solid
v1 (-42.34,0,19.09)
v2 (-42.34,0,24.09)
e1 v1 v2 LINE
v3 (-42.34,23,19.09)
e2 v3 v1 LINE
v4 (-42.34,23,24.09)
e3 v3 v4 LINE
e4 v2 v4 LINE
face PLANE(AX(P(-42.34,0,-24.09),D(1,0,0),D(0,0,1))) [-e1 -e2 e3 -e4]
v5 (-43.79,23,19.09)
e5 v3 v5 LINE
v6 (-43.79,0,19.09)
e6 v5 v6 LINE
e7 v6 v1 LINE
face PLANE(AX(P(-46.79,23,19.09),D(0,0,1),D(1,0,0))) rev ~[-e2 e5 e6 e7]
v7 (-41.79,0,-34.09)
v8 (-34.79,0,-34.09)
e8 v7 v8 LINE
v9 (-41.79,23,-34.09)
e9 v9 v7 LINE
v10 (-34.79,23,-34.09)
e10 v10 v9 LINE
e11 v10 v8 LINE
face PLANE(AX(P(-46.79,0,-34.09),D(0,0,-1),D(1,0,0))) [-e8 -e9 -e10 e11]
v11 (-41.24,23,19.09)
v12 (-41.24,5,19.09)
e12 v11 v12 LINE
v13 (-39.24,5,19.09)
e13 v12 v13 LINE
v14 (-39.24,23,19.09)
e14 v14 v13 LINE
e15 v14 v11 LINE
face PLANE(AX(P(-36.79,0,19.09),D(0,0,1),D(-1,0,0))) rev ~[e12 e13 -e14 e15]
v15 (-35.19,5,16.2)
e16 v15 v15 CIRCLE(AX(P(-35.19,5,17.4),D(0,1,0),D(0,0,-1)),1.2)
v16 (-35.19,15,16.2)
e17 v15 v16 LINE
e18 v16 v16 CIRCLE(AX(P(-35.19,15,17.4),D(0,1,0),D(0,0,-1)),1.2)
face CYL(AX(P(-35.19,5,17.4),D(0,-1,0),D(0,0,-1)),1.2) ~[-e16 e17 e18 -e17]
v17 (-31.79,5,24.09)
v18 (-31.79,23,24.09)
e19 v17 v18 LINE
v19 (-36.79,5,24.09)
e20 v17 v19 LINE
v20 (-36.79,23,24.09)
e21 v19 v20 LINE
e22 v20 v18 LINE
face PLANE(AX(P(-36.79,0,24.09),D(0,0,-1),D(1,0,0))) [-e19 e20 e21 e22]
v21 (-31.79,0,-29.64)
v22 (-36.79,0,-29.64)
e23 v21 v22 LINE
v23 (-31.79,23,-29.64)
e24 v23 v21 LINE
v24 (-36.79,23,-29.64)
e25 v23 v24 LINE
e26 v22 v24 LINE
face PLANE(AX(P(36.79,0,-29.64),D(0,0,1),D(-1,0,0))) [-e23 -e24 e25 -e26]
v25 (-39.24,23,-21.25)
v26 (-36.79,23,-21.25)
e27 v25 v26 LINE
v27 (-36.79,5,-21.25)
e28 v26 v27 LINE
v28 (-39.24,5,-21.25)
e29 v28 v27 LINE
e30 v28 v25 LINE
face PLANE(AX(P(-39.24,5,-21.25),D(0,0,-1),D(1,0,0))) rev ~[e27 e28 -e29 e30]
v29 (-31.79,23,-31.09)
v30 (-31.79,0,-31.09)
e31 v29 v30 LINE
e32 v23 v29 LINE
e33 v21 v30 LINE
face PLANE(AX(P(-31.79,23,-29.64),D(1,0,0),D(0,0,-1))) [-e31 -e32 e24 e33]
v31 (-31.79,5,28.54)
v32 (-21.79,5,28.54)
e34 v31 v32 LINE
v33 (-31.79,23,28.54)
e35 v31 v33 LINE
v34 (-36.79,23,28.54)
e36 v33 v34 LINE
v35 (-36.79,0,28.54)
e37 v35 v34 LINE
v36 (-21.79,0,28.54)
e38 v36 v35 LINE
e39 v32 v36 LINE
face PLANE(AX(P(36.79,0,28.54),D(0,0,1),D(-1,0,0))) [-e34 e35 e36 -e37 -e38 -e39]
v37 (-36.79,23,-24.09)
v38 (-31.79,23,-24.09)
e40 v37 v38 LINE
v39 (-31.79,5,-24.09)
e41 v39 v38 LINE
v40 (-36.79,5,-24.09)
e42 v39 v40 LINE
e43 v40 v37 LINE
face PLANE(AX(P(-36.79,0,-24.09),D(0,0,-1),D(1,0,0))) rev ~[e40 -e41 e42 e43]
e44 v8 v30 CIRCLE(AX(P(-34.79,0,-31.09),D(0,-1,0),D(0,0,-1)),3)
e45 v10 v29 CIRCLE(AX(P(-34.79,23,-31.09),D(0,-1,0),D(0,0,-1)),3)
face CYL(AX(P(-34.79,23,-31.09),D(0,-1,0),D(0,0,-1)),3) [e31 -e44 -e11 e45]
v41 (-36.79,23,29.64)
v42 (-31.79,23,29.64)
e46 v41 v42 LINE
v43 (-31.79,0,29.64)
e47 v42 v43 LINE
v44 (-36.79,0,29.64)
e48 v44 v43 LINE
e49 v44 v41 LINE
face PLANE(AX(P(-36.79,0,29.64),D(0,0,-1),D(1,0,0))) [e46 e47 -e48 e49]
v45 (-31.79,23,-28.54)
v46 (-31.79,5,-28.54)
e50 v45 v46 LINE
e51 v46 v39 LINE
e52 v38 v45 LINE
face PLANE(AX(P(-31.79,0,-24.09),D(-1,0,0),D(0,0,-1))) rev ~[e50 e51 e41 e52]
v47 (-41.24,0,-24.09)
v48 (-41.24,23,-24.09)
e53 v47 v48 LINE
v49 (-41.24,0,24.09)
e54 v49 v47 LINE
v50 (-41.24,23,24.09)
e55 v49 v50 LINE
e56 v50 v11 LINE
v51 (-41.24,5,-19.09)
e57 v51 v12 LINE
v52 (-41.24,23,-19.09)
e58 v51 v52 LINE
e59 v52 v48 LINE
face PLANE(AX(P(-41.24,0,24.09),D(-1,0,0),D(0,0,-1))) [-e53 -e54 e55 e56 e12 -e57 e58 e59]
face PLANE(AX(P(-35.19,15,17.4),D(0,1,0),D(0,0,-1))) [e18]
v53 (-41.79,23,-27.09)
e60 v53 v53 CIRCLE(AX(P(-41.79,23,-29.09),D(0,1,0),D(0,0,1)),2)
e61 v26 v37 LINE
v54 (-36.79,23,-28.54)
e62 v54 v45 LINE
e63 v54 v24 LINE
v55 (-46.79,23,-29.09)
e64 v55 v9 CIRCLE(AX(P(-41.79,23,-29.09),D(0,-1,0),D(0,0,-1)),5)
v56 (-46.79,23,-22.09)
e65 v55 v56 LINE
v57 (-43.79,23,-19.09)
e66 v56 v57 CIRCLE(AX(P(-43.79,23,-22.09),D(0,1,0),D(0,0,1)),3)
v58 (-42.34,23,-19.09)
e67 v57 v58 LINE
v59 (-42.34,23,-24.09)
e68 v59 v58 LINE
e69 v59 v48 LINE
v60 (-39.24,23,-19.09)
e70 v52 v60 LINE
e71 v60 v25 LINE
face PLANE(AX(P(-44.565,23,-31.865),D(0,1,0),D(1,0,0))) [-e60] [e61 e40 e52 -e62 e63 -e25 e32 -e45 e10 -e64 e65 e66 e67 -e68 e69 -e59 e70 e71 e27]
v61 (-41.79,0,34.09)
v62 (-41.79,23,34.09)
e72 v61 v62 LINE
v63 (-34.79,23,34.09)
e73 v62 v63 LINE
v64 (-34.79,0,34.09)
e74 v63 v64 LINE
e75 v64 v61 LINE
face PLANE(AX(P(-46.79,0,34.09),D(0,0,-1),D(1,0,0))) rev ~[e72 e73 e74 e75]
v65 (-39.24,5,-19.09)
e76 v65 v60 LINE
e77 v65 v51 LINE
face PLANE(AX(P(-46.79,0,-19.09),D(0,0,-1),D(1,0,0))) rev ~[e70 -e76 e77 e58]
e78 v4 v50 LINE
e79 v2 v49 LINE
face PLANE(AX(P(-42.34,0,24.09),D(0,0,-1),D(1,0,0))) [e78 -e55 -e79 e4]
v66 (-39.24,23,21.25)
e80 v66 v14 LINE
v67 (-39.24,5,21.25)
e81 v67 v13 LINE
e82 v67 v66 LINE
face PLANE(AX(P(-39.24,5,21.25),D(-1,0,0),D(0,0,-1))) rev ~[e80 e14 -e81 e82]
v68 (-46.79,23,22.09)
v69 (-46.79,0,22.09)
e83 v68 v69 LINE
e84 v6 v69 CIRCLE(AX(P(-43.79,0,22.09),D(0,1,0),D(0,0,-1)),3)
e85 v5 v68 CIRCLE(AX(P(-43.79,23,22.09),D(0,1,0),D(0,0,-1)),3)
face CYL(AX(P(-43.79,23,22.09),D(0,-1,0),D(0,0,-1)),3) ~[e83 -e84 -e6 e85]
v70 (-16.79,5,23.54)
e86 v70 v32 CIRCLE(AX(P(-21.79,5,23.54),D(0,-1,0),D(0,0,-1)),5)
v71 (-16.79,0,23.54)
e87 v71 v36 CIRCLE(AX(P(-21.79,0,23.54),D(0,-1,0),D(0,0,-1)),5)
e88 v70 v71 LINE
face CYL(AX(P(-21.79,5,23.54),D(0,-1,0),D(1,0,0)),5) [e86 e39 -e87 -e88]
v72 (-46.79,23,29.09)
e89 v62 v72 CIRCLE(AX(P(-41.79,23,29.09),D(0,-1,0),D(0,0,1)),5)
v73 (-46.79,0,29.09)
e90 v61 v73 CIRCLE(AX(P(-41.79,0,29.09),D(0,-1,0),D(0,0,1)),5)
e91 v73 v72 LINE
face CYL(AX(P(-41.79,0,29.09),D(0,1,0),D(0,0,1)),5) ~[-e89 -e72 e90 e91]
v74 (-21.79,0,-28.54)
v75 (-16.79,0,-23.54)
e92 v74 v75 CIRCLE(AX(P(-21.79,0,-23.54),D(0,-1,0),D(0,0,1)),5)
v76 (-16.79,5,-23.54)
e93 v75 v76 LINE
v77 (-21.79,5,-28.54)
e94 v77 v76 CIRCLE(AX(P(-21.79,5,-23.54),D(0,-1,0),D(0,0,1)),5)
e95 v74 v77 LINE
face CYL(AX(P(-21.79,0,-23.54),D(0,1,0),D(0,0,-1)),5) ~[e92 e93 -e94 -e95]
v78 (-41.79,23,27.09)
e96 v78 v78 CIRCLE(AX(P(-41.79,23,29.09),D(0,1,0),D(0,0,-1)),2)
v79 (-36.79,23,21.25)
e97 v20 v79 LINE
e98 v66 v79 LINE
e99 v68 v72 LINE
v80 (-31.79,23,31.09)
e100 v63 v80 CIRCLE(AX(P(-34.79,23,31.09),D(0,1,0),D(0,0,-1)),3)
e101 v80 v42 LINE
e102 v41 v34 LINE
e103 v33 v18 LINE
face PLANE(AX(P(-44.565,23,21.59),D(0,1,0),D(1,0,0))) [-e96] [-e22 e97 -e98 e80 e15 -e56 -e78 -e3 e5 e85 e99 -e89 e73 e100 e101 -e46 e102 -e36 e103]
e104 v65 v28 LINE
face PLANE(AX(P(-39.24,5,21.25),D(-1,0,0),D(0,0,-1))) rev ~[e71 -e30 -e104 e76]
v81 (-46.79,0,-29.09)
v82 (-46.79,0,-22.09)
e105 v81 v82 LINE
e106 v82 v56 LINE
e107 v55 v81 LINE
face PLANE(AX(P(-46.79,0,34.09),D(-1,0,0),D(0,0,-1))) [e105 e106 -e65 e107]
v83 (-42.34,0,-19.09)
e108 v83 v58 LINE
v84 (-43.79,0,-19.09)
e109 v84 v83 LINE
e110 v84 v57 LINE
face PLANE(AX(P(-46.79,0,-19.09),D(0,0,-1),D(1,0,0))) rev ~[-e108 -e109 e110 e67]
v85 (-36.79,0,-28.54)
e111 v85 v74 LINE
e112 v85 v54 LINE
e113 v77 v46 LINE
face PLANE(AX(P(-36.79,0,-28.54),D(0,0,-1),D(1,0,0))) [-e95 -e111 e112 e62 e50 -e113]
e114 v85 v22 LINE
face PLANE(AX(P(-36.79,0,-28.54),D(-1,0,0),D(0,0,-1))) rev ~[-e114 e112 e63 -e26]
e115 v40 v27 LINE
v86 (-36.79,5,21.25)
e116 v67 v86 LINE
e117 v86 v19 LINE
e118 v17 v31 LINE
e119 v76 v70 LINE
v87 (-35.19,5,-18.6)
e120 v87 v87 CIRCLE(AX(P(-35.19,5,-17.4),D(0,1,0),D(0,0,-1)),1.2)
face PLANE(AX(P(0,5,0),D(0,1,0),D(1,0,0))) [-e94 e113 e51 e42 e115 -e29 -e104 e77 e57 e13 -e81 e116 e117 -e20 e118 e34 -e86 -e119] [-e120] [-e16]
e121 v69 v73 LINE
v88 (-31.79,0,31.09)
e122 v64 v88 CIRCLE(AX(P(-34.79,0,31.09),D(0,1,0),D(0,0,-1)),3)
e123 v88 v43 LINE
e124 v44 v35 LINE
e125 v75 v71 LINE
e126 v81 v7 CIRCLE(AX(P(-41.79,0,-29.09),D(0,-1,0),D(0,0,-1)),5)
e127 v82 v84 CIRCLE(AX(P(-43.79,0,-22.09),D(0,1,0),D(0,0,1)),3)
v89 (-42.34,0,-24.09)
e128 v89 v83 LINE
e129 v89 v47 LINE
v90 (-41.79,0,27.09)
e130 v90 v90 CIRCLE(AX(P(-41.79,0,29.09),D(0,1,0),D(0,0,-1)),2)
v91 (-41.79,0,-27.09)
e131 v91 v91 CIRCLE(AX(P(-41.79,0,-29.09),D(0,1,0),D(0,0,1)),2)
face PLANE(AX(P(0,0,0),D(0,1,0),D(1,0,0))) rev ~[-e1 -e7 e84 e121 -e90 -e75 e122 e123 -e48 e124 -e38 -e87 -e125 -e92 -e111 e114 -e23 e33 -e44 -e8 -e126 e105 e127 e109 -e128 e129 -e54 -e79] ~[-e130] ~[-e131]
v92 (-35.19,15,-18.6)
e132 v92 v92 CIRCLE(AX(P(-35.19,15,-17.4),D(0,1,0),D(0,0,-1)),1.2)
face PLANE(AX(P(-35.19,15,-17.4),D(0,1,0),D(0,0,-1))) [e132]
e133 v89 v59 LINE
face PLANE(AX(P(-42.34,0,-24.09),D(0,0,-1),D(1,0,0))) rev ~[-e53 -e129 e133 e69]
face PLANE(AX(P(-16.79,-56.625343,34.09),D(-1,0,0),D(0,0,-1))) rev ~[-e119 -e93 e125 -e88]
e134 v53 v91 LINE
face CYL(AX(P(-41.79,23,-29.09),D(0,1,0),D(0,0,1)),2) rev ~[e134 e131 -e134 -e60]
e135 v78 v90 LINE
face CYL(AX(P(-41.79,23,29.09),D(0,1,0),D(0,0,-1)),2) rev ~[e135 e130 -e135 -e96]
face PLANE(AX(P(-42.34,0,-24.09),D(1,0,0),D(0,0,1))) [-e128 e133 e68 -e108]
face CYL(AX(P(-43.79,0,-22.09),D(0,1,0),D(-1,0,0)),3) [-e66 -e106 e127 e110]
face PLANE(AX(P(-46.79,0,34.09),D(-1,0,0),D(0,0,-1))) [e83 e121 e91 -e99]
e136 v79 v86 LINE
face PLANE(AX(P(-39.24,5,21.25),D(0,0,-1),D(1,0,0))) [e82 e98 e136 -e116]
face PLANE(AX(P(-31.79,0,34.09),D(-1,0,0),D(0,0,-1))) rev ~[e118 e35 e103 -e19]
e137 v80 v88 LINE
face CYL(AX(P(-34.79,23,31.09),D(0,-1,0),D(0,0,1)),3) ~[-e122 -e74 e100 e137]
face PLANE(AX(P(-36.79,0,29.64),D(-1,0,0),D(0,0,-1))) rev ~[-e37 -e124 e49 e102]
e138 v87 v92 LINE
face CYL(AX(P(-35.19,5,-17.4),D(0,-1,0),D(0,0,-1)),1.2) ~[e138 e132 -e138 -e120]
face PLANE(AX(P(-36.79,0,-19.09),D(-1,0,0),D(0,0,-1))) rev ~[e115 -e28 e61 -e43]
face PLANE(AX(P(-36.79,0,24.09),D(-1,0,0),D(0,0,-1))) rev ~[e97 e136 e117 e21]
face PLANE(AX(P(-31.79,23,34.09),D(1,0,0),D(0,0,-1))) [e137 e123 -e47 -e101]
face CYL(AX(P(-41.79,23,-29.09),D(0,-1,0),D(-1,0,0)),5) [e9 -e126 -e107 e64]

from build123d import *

# Parameters (mm, degrees)
SKETCH1_W                  = 93.58
SKETCH1_H                  = 68.18
BASE_DEPTH                 = 5
SKETCH1_3_W                = 4.45
SKETCH1_3_H                = 4.45
SKETCH1_3_W_2              = 1.1
SKETCH1_3_H_2              = 1.1
SKETCH1_3_H_3              = 5
SKETCH1_3_W_3              = 5
WALLS_DEPTH                = 23
SKETCH1_4_W                = 63.58
SKETCH1_4_H                = 1.1
SKETCH1_4_W_2              = 5
SKETCH1_4_W_3              = 1.1
SKETCH1_4_H_2              = 5
SKETCH1_4_H_3              = 38.18
ACRYLIC_CUT_DEPTH          = 23
SKETCH2_W                  = 4.45
SKETCH2_H                  = 38.18
SKETCH2_W_2                = 63.58
SKETCH2_H_2                = 4.45
CUT_EXTRUDE2_DEPTH         = 63.293115189
SKETCH3_W                  = 58
SKETCH3_H                  = 42.5
BOARD_CUTOUT_DEPTH         = 18
SKETCH3_2_R                = 1.2
SCREW_HOLES_DEPTH          = 10
FILLET1_R                  = 5
FILLET3_R                  = 3
SKETCH6_R                  = 2
CUT_EXTRUDE3_DEPTH         = 63.293115189
BOTTOM_HALF_CUT_DEPTH      = 61.625342886
BOTTOM_HALF_CUT_DEPTH_BACK = 61.625342886
SKETCH5_W                  = 63.58
SKETCH5_H                  = 68.18
FILLET4_R                  = 5


with BuildPart() as part:
    # Sketch1 → Base (new body)
    with BuildSketch(Plane(origin=(0, 0, 0), x_dir=(1, 0, 0), z_dir=(0, 1, 0))):
        Rectangle(SKETCH1_W, SKETCH1_H)
    extrude(amount=BASE_DEPTH)

    # Sketch1<3> → Walls (add)
    with BuildSketch(Plane(origin=(0, 0, 0), x_dir=(1, 0, 0), z_dir=(0, 1, 0))):
        with Locations((-44.565, 31.865)):
            Rectangle(SKETCH1_3_W, SKETCH1_3_H)
        with Locations((-39.015, 31.865)):
            Rectangle(SKETCH1_3_W, SKETCH1_3_H)
        with Locations((-39.015, 26.315)):
            Rectangle(SKETCH1_3_W, SKETCH1_3_H)
        with Locations((-44.565, 26.315)):
            Rectangle(SKETCH1_3_W, SKETCH1_3_H)
        with Locations((-41.79, 31.865)):
            Rectangle(SKETCH1_3_W_2, SKETCH1_3_H)
        with Locations((-39.015, 29.09)):
            Rectangle(SKETCH1_3_W, SKETCH1_3_H_2)
        with Locations((-44.565, 29.09)):
            Rectangle(SKETCH1_3_W, SKETCH1_3_H_2)
        with Locations((-41.79, 26.315)):
            Rectangle(SKETCH1_3_W_2, SKETCH1_3_H)
        with Locations((-41.79, 29.09)):
            Rectangle(SKETCH1_3_W_2, SKETCH1_3_H_2)
        with Locations((-39.015, 21.59)):
            Rectangle(SKETCH1_3_W, SKETCH1_3_H_3)
        with Locations((-44.565, 21.59)):
            Rectangle(SKETCH1_3_W, SKETCH1_3_H_3)
        with Locations((-34.29, 26.315)):
            Rectangle(SKETCH1_3_W_3, SKETCH1_3_H)
        with Locations((-34.29, 31.865)):
            Rectangle(SKETCH1_3_W_3, SKETCH1_3_H)
        with Locations((-44.565, -21.59)):
            Rectangle(SKETCH1_3_W, SKETCH1_3_H_3)
        with Locations((-39.015, -21.59)):
            Rectangle(SKETCH1_3_W, SKETCH1_3_H_3)
        with Locations((-39.015, -26.315)):
            Rectangle(SKETCH1_3_W, SKETCH1_3_H)
        with Locations((-44.565, -26.315)):
            Rectangle(SKETCH1_3_W, SKETCH1_3_H)
        with Locations((-44.565, -31.865)):
            Rectangle(SKETCH1_3_W, SKETCH1_3_H)
        with Locations((-39.015, -31.865)):
            Rectangle(SKETCH1_3_W, SKETCH1_3_H)
        with Locations((-34.29, -31.865)):
            Rectangle(SKETCH1_3_W_3, SKETCH1_3_H)
        with Locations((-34.29, -26.315)):
            Rectangle(SKETCH1_3_W_3, SKETCH1_3_H)
        with Locations((-39.015, -29.09)):
            Rectangle(SKETCH1_3_W, SKETCH1_3_H_2)
        with Locations((-44.565, -29.09)):
            Rectangle(SKETCH1_3_W, SKETCH1_3_H_2)
        with Locations((-41.79, -31.865)):
            Rectangle(SKETCH1_3_W_2, SKETCH1_3_H)
        with Locations((-41.79, -29.09)):
            Rectangle(SKETCH1_3_W_2, SKETCH1_3_H_2)
        with Locations((-41.79, -26.315)):
            Rectangle(SKETCH1_3_W_2, SKETCH1_3_H)
        with Locations((34.29, -31.865)):
            Rectangle(SKETCH1_3_W_3, SKETCH1_3_H)
        with Locations((34.29, -26.315)):
            Rectangle(SKETCH1_3_W_3, SKETCH1_3_H)
        with Locations((39.015, -26.315)):
            Rectangle(SKETCH1_3_W, SKETCH1_3_H)
        with Locations((39.015, -31.865)):
            Rectangle(SKETCH1_3_W, SKETCH1_3_H)
        with Locations((44.565, -31.865)):
            Rectangle(SKETCH1_3_W, SKETCH1_3_H)
        with Locations((44.565, -26.315)):
            Rectangle(SKETCH1_3_W, SKETCH1_3_H)
        with Locations((39.015, -21.59)):
            Rectangle(SKETCH1_3_W, SKETCH1_3_H_3)
        with Locations((44.565, -21.59)):
            Rectangle(SKETCH1_3_W, SKETCH1_3_H_3)
        with Locations((41.79, -26.315)):
            Rectangle(SKETCH1_3_W_2, SKETCH1_3_H)
        with Locations((41.79, -29.09)):
            Rectangle(SKETCH1_3_W_2, SKETCH1_3_H_2)
        with Locations((41.79, -31.865)):
            Rectangle(SKETCH1_3_W_2, SKETCH1_3_H)
        with Locations((39.015, -29.09)):
            Rectangle(SKETCH1_3_W, SKETCH1_3_H_2)
        with Locations((44.565, -29.09)):
            Rectangle(SKETCH1_3_W, SKETCH1_3_H_2)
        with Locations((44.565, 21.59)):
            Rectangle(SKETCH1_3_W, SKETCH1_3_H_3)
        with Locations((34.29, 26.315)):
            Rectangle(SKETCH1_3_W_3, SKETCH1_3_H)
        with Locations((39.015, 21.59)):
            Rectangle(SKETCH1_3_W, SKETCH1_3_H_3)
        with Locations((34.29, 31.865)):
            Rectangle(SKETCH1_3_W_3, SKETCH1_3_H)
        with Locations((39.015, 26.315)):
            Rectangle(SKETCH1_3_W, SKETCH1_3_H)
        with Locations((39.015, 31.865)):
            Rectangle(SKETCH1_3_W, SKETCH1_3_H)
        with Locations((44.565, 31.865)):
            Rectangle(SKETCH1_3_W, SKETCH1_3_H)
        with Locations((44.565, 26.315)):
            Rectangle(SKETCH1_3_W, SKETCH1_3_H)
        with Locations((41.79, 26.315)):
            Rectangle(SKETCH1_3_W_2, SKETCH1_3_H)
        with Locations((41.79, 31.865)):
            Rectangle(SKETCH1_3_W_2, SKETCH1_3_H)
        with Locations((39.015, 29.09)):
            Rectangle(SKETCH1_3_W, SKETCH1_3_H_2)
        with Locations((41.79, 29.09)):
            Rectangle(SKETCH1_3_W_2, SKETCH1_3_H_2)
        with Locations((44.565, 29.09)):
            Rectangle(SKETCH1_3_W, SKETCH1_3_H_2)
        with Locations((-41.79, 21.59)):
            Rectangle(SKETCH1_3_W_2, SKETCH1_3_H_3)
        with Locations((-34.29, 29.09)):
            Rectangle(SKETCH1_3_W_3, SKETCH1_3_H_2)
        with Locations((-41.79, -21.59)):
            Rectangle(SKETCH1_3_W_2, SKETCH1_3_H_3)
        with Locations((-34.29, -29.09)):
            Rectangle(SKETCH1_3_W_3, SKETCH1_3_H_2)
        with Locations((34.29, -29.09)):
            Rectangle(SKETCH1_3_W_3, SKETCH1_3_H_2)
        with Locations((41.79, -21.59)):
            Rectangle(SKETCH1_3_W_2, SKETCH1_3_H_3)
        with Locations((41.79, 21.59)):
            Rectangle(SKETCH1_3_W_2, SKETCH1_3_H_3)
        with Locations((34.29, 29.09)):
            Rectangle(SKETCH1_3_W_3, SKETCH1_3_H_2)
    extrude(amount=WALLS_DEPTH)

    # Sketch1<4> → Acrylic Cut (cut)
    with BuildSketch(Plane(origin=(0, 0, 0), x_dir=(1, 0, 0), z_dir=(0, 1, 0))):
        with Locations((0, -29.09)):
            Rectangle(SKETCH1_4_W, SKETCH1_4_H)
        with Locations((-34.29, -29.09)):
            Rectangle(SKETCH1_4_W_2, SKETCH1_4_H)
        with Locations((34.29, -29.09)):
            Rectangle(SKETCH1_4_W_2, SKETCH1_4_H)
        with Locations((-41.79, -21.59)):
            Rectangle(SKETCH1_4_W_3, SKETCH1_4_H_2)
        with Locations((-41.79, 0)):
            Rectangle(SKETCH1_4_W_3, SKETCH1_4_H_3)
        with Locations((-41.79, 21.59)):
            Rectangle(SKETCH1_4_W_3, SKETCH1_4_H_2)
        with Locations((0, 29.09)):
            Rectangle(SKETCH1_4_W, SKETCH1_4_H)
        with Locations((-34.29, 29.09)):
            Rectangle(SKETCH1_4_W_2, SKETCH1_4_H)
        with Locations((34.29, 29.09)):
            Rectangle(SKETCH1_4_W_2, SKETCH1_4_H)
        with Locations((41.79, 21.59)):
            Rectangle(SKETCH1_4_W_3, SKETCH1_4_H_2)
        with Locations((41.79, 0)):
            Rectangle(SKETCH1_4_W_3, SKETCH1_4_H_3)
        with Locations((41.79, -21.59)):
            Rectangle(SKETCH1_4_W_3, SKETCH1_4_H_2)
    extrude(amount=ACRYLIC_CUT_DEPTH, mode=Mode.SUBTRACT)

    # Sketch2 → Cut-Extrude2 (cut, through all)
    with BuildSketch(Plane(origin=(0, 23, 0), x_dir=(1, 0, 0), z_dir=(0, 1, 0))):
        with Locations((-44.565, 0)):
            Rectangle(SKETCH2_W, SKETCH2_H)
        with Locations((0, 31.865)):
            Rectangle(SKETCH2_W_2, SKETCH2_H_2)
        with Locations((44.565, 0)):
            Rectangle(SKETCH2_W, SKETCH2_H)
        with Locations((0, -31.865)):
            Rectangle(SKETCH2_W_2, SKETCH2_H_2)
    extrude(amount=-CUT_EXTRUDE2_DEPTH, mode=Mode.SUBTRACT)

    # Sketch3 → Board Cutout (cut)
    with BuildSketch(Plane(origin=(0, 5, 0), x_dir=(1, 0, 0), z_dir=(0, 1, 0))):
        with Locations((-10.24, 0)):
            Rectangle(SKETCH3_W, SKETCH3_H)
    extrude(amount=BOARD_CUTOUT_DEPTH, mode=Mode.SUBTRACT)

    # Sketch3<2> → Screw Holes (add)
    with BuildSketch(Plane(origin=(0, 5, 0), x_dir=(1, 0, 0), z_dir=(0, 1, 0))):
        with Locations(Location((-35.19, -17.4, 0), (0, 0, 90))):
            Circle(SKETCH3_2_R)
        with Locations(Location((14.71, -17.4, 0), (0, 0, 90))):
            Circle(SKETCH3_2_R)
        with Locations(Location((14.71, 17.4, 0), (0, 0, 90))):
            Circle(SKETCH3_2_R)
        with Locations(Location((-35.19, 17.4, 0), (0, 0, 90))):
            Circle(SKETCH3_2_R)
    extrude(amount=SCREW_HOLES_DEPTH)

    # Fillet1
    fillet1_edges = [part.edges().sort_by_distance(p)[0] for p in [
        (-46.79, 11.5, 34.09),
        (46.79, 11.5, 34.09),
        (46.79, 11.5, -34.09),
        (-46.79, 11.5, -34.09),
    ]]
    fillet(fillet1_edges, radius=FILLET1_R)

    # Fillet3
    fillet3_edges = [part.edges().sort_by_distance(p)[0] for p in [
        (46.79, 11.5, -19.09),
        (31.79, 11.5, -34.09),
        (-31.79, 11.5, -34.09),
        (-46.79, 11.5, -19.09),
        (-31.79, 11.5, 34.09),
        (-46.79, 11.5, 19.09),
        (46.79, 11.5, 19.09),
        (31.79, 11.5, 34.09),
    ]]
    fillet(fillet3_edges, radius=FILLET3_R)

    # Sketch6 → Cut-Extrude3 (cut, through all)
    with BuildSketch(Plane(origin=(0, 23, 0), x_dir=(1, 0, 0), z_dir=(0, 1, 0))):
        with Locations(Location((-41.79, 29.09, 0), (0, 0, 270))):
            Circle(SKETCH6_R)
        with Locations(Location((41.79, 29.09, 0), (0, 0, 90))):
            Circle(SKETCH6_R)
        with Locations(Location((41.79, -29.09, 0), (0, 0, 270))):
            Circle(SKETCH6_R)
        with Locations(Location((-41.79, -29.09, 0), (0, 0, 90))):
            Circle(SKETCH6_R)
    extrude(amount=-CUT_EXTRUDE3_DEPTH, mode=Mode.SUBTRACT)

    # Sketch5 → Bottom Half Cut (cut, two sides: drawn at the far end of the back side and taken through both)
    with BuildSketch(Plane(origin=(0, 5, 0), x_dir=(1, 0, 0), z_dir=(0, 1, 0)).offset(-BOTTOM_HALF_CUT_DEPTH_BACK)):
        with Locations((15, 0)):
            Rectangle(SKETCH5_W, SKETCH5_H)
    extrude(amount=BOTTOM_HALF_CUT_DEPTH + BOTTOM_HALF_CUT_DEPTH_BACK, mode=Mode.SUBTRACT)

    # Fillet4
    fillet4_edges = [part.edges().sort_by_distance(p)[0] for p in [
        (-16.79, 2.5, 28.54),
        (-16.79, 2.5, -28.54),
    ]]
    fillet(fillet4_edges, radius=FILLET4_R)


solid = part.part
